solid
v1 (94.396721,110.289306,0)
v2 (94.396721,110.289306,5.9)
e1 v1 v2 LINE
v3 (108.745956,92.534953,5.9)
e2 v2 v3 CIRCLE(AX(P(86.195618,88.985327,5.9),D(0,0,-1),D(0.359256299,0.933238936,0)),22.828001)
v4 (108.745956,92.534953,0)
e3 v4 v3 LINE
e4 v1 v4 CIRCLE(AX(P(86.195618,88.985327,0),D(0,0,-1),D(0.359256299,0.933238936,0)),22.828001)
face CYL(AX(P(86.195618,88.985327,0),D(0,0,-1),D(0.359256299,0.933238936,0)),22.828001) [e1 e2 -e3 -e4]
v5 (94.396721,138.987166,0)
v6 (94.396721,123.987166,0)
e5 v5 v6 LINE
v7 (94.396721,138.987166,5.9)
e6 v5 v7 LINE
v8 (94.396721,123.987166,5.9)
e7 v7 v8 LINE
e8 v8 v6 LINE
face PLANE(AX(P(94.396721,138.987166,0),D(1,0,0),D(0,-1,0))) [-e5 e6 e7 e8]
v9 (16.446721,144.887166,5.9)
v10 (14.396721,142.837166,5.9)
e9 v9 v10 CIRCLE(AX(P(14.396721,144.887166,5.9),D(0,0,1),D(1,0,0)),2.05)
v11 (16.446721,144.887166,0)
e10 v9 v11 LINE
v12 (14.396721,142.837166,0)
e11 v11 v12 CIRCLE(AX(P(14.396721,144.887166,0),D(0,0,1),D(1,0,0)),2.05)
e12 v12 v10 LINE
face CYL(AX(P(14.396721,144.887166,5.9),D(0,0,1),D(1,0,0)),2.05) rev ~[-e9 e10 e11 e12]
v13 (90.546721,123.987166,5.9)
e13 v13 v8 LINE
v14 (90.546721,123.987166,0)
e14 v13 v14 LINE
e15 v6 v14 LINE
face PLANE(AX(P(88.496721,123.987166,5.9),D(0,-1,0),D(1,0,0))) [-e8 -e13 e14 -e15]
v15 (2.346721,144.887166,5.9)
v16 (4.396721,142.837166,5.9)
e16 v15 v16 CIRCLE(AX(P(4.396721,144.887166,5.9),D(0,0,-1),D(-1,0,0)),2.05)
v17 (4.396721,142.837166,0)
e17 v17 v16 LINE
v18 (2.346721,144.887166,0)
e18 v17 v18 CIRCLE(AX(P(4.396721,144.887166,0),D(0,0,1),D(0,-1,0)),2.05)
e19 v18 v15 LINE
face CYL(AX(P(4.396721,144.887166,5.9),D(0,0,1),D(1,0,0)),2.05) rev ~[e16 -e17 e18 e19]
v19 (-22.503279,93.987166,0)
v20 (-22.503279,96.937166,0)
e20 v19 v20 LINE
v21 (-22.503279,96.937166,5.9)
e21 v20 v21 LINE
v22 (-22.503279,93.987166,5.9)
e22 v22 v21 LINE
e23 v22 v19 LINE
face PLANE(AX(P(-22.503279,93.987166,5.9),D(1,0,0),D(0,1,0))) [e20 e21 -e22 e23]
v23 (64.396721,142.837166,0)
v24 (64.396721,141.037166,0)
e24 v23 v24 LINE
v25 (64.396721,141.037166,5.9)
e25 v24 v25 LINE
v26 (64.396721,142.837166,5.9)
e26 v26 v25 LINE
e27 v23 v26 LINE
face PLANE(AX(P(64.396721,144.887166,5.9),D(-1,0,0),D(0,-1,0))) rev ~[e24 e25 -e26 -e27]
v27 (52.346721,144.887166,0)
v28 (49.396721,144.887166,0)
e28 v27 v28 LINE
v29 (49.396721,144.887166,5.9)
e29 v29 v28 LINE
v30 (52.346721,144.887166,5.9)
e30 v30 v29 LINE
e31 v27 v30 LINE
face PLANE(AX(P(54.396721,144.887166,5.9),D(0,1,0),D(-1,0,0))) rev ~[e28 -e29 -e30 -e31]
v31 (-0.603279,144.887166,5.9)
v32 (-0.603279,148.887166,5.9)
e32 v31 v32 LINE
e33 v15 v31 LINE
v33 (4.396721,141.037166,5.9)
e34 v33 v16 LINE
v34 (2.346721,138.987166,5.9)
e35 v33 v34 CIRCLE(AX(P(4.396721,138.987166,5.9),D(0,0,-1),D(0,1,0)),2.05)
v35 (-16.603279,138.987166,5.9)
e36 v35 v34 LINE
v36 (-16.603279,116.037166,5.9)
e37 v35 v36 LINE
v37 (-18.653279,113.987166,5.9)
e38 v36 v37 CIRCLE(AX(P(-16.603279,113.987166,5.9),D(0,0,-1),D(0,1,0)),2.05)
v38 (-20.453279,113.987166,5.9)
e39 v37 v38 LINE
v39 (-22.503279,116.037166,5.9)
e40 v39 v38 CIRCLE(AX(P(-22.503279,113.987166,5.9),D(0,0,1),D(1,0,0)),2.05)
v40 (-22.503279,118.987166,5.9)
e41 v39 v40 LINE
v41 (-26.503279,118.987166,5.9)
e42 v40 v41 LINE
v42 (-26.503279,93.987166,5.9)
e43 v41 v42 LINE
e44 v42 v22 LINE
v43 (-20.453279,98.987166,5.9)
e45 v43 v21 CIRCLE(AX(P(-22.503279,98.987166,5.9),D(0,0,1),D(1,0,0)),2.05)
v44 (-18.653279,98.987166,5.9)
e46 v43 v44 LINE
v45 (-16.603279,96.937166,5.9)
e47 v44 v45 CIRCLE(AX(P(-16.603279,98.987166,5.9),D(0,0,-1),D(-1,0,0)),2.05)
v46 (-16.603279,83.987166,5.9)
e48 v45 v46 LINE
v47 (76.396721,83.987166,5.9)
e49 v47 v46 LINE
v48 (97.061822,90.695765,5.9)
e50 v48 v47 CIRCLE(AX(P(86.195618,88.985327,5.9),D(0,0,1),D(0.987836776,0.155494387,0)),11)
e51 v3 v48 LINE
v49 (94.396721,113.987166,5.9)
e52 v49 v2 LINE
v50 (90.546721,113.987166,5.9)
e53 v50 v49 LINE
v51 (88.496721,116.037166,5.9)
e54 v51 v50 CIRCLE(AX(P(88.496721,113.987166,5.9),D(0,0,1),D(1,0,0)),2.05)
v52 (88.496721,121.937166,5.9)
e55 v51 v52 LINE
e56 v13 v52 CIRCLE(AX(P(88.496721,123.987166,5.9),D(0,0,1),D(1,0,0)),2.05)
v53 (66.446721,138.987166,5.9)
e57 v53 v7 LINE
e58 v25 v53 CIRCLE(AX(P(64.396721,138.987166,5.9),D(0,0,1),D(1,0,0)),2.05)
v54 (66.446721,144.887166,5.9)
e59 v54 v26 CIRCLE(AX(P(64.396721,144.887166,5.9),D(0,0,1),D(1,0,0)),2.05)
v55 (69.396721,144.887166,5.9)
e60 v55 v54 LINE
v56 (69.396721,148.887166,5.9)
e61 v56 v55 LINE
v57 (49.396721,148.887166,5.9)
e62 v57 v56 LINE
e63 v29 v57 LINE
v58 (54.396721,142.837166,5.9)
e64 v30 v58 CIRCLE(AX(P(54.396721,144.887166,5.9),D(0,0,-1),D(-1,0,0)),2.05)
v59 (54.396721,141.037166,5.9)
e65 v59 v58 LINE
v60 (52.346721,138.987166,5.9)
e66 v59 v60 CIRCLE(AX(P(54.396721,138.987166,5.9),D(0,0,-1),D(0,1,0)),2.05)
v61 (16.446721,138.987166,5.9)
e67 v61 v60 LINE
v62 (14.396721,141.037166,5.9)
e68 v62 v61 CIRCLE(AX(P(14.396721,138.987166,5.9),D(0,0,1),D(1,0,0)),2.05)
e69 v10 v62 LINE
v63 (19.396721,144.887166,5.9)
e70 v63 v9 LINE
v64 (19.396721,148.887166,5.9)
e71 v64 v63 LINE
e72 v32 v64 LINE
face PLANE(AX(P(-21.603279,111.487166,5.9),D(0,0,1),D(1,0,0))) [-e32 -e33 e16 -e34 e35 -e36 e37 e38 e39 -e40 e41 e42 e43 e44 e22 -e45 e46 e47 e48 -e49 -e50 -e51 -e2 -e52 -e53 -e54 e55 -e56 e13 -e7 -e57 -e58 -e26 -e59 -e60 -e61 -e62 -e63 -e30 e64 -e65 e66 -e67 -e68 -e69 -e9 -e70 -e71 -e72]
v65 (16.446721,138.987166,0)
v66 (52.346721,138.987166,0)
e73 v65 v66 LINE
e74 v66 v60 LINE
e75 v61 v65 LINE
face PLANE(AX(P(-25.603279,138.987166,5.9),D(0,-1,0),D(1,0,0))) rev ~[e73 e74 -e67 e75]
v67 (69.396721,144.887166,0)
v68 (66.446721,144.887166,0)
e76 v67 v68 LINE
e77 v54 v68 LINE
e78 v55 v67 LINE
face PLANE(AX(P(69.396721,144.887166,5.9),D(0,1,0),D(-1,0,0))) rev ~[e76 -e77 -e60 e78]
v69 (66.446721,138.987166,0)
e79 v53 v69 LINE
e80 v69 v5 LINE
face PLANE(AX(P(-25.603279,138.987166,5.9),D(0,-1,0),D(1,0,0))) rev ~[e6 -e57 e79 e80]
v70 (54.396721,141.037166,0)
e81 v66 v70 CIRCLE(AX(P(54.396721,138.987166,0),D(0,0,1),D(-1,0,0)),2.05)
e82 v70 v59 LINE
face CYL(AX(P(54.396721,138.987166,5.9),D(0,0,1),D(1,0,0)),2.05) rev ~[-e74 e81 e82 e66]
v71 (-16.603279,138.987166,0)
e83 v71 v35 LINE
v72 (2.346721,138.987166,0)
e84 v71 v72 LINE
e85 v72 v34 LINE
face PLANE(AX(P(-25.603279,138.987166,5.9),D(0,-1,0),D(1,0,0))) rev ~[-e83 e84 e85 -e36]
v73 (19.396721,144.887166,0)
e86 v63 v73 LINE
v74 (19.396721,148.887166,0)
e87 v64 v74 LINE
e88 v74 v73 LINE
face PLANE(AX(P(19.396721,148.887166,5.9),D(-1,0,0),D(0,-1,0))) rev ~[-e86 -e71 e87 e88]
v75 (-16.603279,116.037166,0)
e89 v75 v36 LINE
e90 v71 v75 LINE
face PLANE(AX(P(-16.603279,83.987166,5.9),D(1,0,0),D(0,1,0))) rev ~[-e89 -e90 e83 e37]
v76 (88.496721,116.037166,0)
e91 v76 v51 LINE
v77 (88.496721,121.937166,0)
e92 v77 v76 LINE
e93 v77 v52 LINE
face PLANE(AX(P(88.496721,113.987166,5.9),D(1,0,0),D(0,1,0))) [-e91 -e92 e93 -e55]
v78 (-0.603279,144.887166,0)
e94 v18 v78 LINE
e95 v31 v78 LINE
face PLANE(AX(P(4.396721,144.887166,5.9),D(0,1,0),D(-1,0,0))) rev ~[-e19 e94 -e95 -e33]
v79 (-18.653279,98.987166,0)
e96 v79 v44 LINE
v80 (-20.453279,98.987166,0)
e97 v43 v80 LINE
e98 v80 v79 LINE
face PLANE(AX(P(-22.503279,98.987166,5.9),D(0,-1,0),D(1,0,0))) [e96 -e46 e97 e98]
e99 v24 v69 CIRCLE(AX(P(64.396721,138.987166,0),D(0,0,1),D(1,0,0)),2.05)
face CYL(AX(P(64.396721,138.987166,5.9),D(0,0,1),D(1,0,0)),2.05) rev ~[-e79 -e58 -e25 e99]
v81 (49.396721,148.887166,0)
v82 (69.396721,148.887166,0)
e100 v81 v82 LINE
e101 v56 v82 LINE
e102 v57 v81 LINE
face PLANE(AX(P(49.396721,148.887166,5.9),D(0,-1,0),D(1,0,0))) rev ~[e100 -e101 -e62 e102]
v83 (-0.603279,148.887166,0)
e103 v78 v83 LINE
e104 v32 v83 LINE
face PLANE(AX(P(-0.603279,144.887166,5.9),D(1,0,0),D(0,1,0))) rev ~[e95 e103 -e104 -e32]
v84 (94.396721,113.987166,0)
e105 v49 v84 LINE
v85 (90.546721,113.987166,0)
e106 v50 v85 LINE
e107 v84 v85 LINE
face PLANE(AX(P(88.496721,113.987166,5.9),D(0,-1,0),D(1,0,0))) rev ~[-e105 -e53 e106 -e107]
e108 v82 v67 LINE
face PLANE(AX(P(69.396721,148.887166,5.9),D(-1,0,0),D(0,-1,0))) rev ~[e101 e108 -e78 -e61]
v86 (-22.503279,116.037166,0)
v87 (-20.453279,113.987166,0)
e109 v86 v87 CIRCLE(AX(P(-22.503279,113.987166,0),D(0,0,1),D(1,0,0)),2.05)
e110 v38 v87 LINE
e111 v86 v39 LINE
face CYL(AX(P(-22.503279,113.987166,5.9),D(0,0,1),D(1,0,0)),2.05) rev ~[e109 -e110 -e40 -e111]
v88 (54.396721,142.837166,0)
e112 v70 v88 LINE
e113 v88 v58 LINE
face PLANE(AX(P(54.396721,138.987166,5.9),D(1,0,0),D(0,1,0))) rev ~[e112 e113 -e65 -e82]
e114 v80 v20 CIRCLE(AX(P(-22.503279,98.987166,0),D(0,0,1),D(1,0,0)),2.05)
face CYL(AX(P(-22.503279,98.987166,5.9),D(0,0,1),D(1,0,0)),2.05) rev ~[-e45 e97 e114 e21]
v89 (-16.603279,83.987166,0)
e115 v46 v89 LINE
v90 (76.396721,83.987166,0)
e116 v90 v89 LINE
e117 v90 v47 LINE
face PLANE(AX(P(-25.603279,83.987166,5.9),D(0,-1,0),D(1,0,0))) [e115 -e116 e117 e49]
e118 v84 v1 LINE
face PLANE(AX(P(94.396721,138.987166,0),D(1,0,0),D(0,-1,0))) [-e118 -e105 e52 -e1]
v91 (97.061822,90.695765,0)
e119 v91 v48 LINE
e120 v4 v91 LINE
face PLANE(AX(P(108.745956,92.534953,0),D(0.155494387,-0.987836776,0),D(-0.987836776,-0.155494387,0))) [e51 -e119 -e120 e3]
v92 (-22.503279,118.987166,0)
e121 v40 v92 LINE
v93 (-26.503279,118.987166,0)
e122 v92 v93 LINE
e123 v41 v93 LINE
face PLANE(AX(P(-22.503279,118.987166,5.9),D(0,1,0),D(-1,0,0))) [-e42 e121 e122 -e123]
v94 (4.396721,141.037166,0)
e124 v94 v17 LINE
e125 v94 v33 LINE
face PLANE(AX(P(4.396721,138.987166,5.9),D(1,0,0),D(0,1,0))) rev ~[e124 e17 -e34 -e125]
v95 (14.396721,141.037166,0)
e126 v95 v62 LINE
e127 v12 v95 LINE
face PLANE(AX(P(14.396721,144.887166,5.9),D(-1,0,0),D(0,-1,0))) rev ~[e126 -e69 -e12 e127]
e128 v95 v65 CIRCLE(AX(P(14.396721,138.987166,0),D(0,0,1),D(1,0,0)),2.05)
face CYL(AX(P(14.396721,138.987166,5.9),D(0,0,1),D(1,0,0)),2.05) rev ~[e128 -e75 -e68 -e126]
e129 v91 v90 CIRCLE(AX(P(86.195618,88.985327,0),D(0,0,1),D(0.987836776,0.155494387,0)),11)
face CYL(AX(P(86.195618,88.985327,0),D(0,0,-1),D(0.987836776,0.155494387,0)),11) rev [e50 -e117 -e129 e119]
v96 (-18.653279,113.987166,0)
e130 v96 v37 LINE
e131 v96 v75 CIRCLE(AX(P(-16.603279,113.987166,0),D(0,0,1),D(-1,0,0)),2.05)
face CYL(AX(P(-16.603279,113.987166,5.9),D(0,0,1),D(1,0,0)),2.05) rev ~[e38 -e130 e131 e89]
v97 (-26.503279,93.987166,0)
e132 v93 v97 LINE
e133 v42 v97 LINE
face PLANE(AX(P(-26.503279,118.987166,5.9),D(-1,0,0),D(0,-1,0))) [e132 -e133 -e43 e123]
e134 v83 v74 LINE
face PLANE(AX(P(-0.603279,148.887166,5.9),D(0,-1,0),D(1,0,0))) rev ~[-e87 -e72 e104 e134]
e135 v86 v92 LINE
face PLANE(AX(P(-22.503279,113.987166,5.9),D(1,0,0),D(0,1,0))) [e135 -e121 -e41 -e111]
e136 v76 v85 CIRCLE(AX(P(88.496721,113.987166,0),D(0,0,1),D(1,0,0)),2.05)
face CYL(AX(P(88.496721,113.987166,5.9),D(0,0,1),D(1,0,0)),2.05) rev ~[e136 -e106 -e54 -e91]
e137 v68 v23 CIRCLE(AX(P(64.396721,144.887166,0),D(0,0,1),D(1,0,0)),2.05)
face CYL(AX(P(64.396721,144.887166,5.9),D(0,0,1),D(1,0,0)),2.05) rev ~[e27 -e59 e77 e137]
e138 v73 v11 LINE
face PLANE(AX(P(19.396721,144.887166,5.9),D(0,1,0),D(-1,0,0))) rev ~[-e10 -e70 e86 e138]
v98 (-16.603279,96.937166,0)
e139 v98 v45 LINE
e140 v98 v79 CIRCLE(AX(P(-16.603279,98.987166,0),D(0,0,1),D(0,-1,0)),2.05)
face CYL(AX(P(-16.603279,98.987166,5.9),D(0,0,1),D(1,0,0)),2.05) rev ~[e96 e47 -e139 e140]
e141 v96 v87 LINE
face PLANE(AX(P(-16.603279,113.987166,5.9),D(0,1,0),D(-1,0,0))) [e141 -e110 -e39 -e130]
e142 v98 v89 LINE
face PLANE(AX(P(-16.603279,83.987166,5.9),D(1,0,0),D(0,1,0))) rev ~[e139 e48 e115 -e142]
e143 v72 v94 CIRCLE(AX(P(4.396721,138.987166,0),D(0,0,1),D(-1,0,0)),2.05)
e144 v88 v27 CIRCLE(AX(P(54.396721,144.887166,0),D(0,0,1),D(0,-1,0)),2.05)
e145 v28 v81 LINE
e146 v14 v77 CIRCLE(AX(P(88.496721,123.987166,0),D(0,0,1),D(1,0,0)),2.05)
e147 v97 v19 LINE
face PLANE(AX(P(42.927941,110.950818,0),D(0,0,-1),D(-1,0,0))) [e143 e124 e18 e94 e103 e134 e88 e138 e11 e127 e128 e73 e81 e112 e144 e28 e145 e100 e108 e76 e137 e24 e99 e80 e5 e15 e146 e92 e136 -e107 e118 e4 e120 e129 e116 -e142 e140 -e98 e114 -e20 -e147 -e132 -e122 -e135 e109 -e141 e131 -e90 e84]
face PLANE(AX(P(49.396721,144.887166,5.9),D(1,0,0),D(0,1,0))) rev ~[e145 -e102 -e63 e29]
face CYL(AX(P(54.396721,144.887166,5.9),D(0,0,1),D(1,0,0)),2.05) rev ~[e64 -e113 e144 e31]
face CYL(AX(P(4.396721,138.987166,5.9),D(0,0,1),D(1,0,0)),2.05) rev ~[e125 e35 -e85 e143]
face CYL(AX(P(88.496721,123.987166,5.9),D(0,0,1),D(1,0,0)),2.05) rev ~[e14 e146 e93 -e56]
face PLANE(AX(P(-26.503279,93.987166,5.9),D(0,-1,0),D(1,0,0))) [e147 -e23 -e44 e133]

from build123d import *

# Parameters (mm, degrees)
BOSS_EXTRUDE1_DEPTH = 5.9
SKETCH2_W           = 8
SKETCH2_H           = 55
BOSS_EXTRUDE2_DEPTH = 8
SKETCH3_W           = 5.9
SKETCH3_H           = 10
SKETCH3_W_2         = 9
SKETCH3_H_2         = 15
CUT_EXTRUDE1_DEPTH  = 9
BOSS_EXTRUDE3_DEPTH = 5.9
BOSS_EXTRUDE4_DEPTH = 8
SKETCH6_W           = 27.583097586
SKETCH6_H           = 68.456340366
CUT_EXTRUDE2_DEPTH  = 9
BOSS_EXTRUDE5_DEPTH = 5.9
CUT_EXTRUDE3_REACH  = 7.9
SKETCH8_R           = 2.05


with BuildPart() as part:
    # Sketch1 → Boss-Extrude1 (new body)
    with BuildSketch(Plane.XY):
        with BuildLine():
            ThreePointArc((97.061822228, 90.695765473), (82.799132124, 99.447826237), (76.396720763, 83.987165662))
            Line((76.396720763, 83.987165662), (-17.603279237, 83.987165662))
            Line((-17.603279237, 83.987165662), (-17.603279237, 138.987165662))
            Line((-17.603279237, 138.987165662), (94.396720763, 138.987165662))
            Line((94.396720763, 138.987165662), (94.396720763, 110.289306386))
            ThreePointArc((94.396720763, 110.289306386), (103.949970876, 103.334562845), (108.745956392, 92.534953205))
            Line((108.745956392, 92.534953205), (97.061822228, 90.695765473))
        make_face()
    extrude(amount=BOSS_EXTRUDE1_DEPTH)

    # Sketch2 → Boss-Extrude2 (add)
    with BuildSketch(Plane.XY.offset(5.9)):
        with Locations((-21.603279237, 111.487165662)):
            Rectangle(SKETCH2_W, SKETCH2_H)
    extrude(amount=-BOSS_EXTRUDE2_DEPTH)

    # Sketch3 → Cut-Extrude1 (cut, through all)
    with BuildSketch(Plane.XY.offset(5.9)):
        with Locations((91.446720763, 118.987165662)):
            Rectangle(SKETCH3_W, SKETCH3_H)
        with Locations((-21.103279237, 91.487165662)):
            Rectangle(SKETCH3_W_2, SKETCH3_H_2)
    extrude(amount=-CUT_EXTRUDE1_DEPTH, mode=Mode.SUBTRACT)

    # Sketch4 → Boss-Extrude3 (add)
    with BuildSketch(Plane.XY.offset(5.9)):
        Polygon((4.396720763, 138.987165662), (4.396720763, 144.887165662), (-0.603279237, 144.887165662), (-0.603279237, 148.887165662), (19.396720763, 148.887165662), (19.396720763, 144.887165662), (14.396720763, 144.887165662), (14.396720763, 138.987165662), align=None)
        Polygon((49.396720763, 144.887165662), (49.396720763, 148.887165662), (69.396720763, 148.887165662), (69.396720763, 144.887165662), (64.396720763, 144.887165662), (64.396720763, 138.987165662), (54.396720763, 138.987165662), (54.396720763, 144.887165662), align=None)
    extrude(amount=-BOSS_EXTRUDE3_DEPTH)

    # Sketch5 → Boss-Extrude4 (add, through all)
    with BuildSketch(Plane.XY.offset(5.9)):
        Polygon((-25.603279237, 123.987165662), (-33.603279237, 123.987165662), (-33.603279237, 128.987165662), (-37.603279237, 128.987165662), (-37.603279237, 103.987165662), (-33.603279237, 103.987165662), (-33.603279237, 108.987165662), (-25.603279237, 108.987165662), align=None)
    extrude(amount=-BOSS_EXTRUDE4_DEPTH)

    # Sketch6 → Cut-Extrude2 (cut, through all)
    with BuildSketch(Plane.XY.offset(5.9)):
        with Locations((-30.39482803, 118.215335845)):
            Rectangle(SKETCH6_W, SKETCH6_H)
    extrude(amount=-CUT_EXTRUDE2_DEPTH, mode=Mode.SUBTRACT)

    # Sketch7 → Boss-Extrude5 (add)
    with BuildSketch(Plane.XY.offset(5.9)):
        Polygon((-16.603279237, 113.987165662), (-22.503279237, 113.987165662), (-22.503279237, 118.987165662), (-26.503279237, 118.987165662), (-26.503279237, 93.987165662), (-22.503279237, 93.987165662), (-22.503279237, 98.987165662), (-16.603279237, 98.987165662), align=None)
    extrude(amount=-BOSS_EXTRUDE5_DEPTH)

    # Sketch8 → Cut-Extrude3 (cut, up to next)
    with BuildSketch(Plane.XY.offset(5.9), mode=Mode.PRIVATE) as cut_extrude3_sk1:
        with Locations((-16.603279237, 98.987165662)):
            Circle(SKETCH8_R)
    cut_extrude3_tool1 = extrude(cut_extrude3_sk1.sketch, amount=-CUT_EXTRUDE3_REACH, mode=Mode.PRIVATE) & part.part
    add(cut_extrude3_tool1.solids().sort_by_distance((-16.603279, 98.987166, 5.9))[0], mode=Mode.SUBTRACT)
    # Sketch8 → Cut-Extrude3 (cut, up to next)
    with BuildSketch(Plane.XY.offset(5.9), mode=Mode.PRIVATE) as cut_extrude3_sk2:
        with Locations((-22.503279237, 98.987165662)):
            Circle(SKETCH8_R)
    cut_extrude3_tool2 = extrude(cut_extrude3_sk2.sketch, amount=-CUT_EXTRUDE3_REACH, mode=Mode.PRIVATE) & part.part
    add(cut_extrude3_tool2.solids().sort_by_distance((-22.503279, 98.987166, 5.9))[0], mode=Mode.SUBTRACT)
    # Sketch8 → Cut-Extrude3 (cut, up to next)
    with BuildSketch(Plane.XY.offset(5.9), mode=Mode.PRIVATE) as cut_extrude3_sk3:
        with Locations((-22.503279237, 113.987165662)):
            Circle(SKETCH8_R)
    cut_extrude3_tool3 = extrude(cut_extrude3_sk3.sketch, amount=-CUT_EXTRUDE3_REACH, mode=Mode.PRIVATE) & part.part
    add(cut_extrude3_tool3.solids().sort_by_distance((-22.503279, 113.987166, 5.9))[0], mode=Mode.SUBTRACT)
    # Sketch8 → Cut-Extrude3 (cut, up to next)
    with BuildSketch(Plane.XY.offset(5.9), mode=Mode.PRIVATE) as cut_extrude3_sk4:
        with Locations((-16.603279237, 113.987165662)):
            Circle(SKETCH8_R)
    cut_extrude3_tool4 = extrude(cut_extrude3_sk4.sketch, amount=-CUT_EXTRUDE3_REACH, mode=Mode.PRIVATE) & part.part
    add(cut_extrude3_tool4.solids().sort_by_distance((-16.603279, 113.987166, 5.9))[0], mode=Mode.SUBTRACT)
    # Sketch8 → Cut-Extrude3 (cut, up to next)
    with BuildSketch(Plane.XY.offset(5.9), mode=Mode.PRIVATE) as cut_extrude3_sk5:
        with Locations((4.396720763, 138.987165662)):
            Circle(SKETCH8_R)
    cut_extrude3_tool5 = extrude(cut_extrude3_sk5.sketch, amount=-CUT_EXTRUDE3_REACH, mode=Mode.PRIVATE) & part.part
    add(cut_extrude3_tool5.solids().sort_by_distance((4.396721, 138.987166, 5.9))[0], mode=Mode.SUBTRACT)
    # Sketch8 → Cut-Extrude3 (cut, up to next)
    with BuildSketch(Plane.XY.offset(5.9), mode=Mode.PRIVATE) as cut_extrude3_sk6:
        with Locations((14.396720763, 138.987165662)):
            Circle(SKETCH8_R)
    cut_extrude3_tool6 = extrude(cut_extrude3_sk6.sketch, amount=-CUT_EXTRUDE3_REACH, mode=Mode.PRIVATE) & part.part
    add(cut_extrude3_tool6.solids().sort_by_distance((14.396721, 138.987166, 5.9))[0], mode=Mode.SUBTRACT)
    # Sketch8 → Cut-Extrude3 (cut, up to next)
    with BuildSketch(Plane.XY.offset(5.9), mode=Mode.PRIVATE) as cut_extrude3_sk7:
        with Locations((14.396720763, 144.887165662)):
            Circle(SKETCH8_R)
    cut_extrude3_tool7 = extrude(cut_extrude3_sk7.sketch, amount=-CUT_EXTRUDE3_REACH, mode=Mode.PRIVATE) & part.part
    add(cut_extrude3_tool7.solids().sort_by_distance((14.396721, 144.887166, 5.9))[0], mode=Mode.SUBTRACT)
    # Sketch8 → Cut-Extrude3 (cut, up to next)
    with BuildSketch(Plane.XY.offset(5.9), mode=Mode.PRIVATE) as cut_extrude3_sk8:
        with Locations((4.396720763, 144.887165662)):
            Circle(SKETCH8_R)
    cut_extrude3_tool8 = extrude(cut_extrude3_sk8.sketch, amount=-CUT_EXTRUDE3_REACH, mode=Mode.PRIVATE) & part.part
    add(cut_extrude3_tool8.solids().sort_by_distance((4.396721, 144.887166, 5.9))[0], mode=Mode.SUBTRACT)
    # Sketch8 → Cut-Extrude3 (cut, up to next)
    with BuildSketch(Plane.XY.offset(5.9), mode=Mode.PRIVATE) as cut_extrude3_sk9:
        with Locations((54.396720763, 144.887165662)):
            Circle(SKETCH8_R)
    cut_extrude3_tool9 = extrude(cut_extrude3_sk9.sketch, amount=-CUT_EXTRUDE3_REACH, mode=Mode.PRIVATE) & part.part
    add(cut_extrude3_tool9.solids().sort_by_distance((54.396721, 144.887166, 5.9))[0], mode=Mode.SUBTRACT)
    # Sketch8 → Cut-Extrude3 (cut, up to next)
    with BuildSketch(Plane.XY.offset(5.9), mode=Mode.PRIVATE) as cut_extrude3_sk10:
        with Locations((54.396720763, 138.987165662)):
            Circle(SKETCH8_R)
    cut_extrude3_tool10 = extrude(cut_extrude3_sk10.sketch, amount=-CUT_EXTRUDE3_REACH, mode=Mode.PRIVATE) & part.part
    add(cut_extrude3_tool10.solids().sort_by_distance((54.396721, 138.987166, 5.9))[0], mode=Mode.SUBTRACT)
    # Sketch8 → Cut-Extrude3 (cut, up to next)
    with BuildSketch(Plane.XY.offset(5.9), mode=Mode.PRIVATE) as cut_extrude3_sk11:
        with Locations((64.396720763, 138.987165662)):
            Circle(SKETCH8_R)
    cut_extrude3_tool11 = extrude(cut_extrude3_sk11.sketch, amount=-CUT_EXTRUDE3_REACH, mode=Mode.PRIVATE) & part.part
    add(cut_extrude3_tool11.solids().sort_by_distance((64.396721, 138.987166, 5.9))[0], mode=Mode.SUBTRACT)
    # Sketch8 → Cut-Extrude3 (cut, up to next)
    with BuildSketch(Plane.XY.offset(5.9), mode=Mode.PRIVATE) as cut_extrude3_sk12:
        with Locations((64.396720763, 144.887165662)):
            Circle(SKETCH8_R)
    cut_extrude3_tool12 = extrude(cut_extrude3_sk12.sketch, amount=-CUT_EXTRUDE3_REACH, mode=Mode.PRIVATE) & part.part
    add(cut_extrude3_tool12.solids().sort_by_distance((64.396721, 144.887166, 5.9))[0], mode=Mode.SUBTRACT)
    # Sketch8 → Cut-Extrude3 (cut, up to next)
    with BuildSketch(Plane.XY.offset(5.9), mode=Mode.PRIVATE) as cut_extrude3_sk13:
        with Locations((88.496720763, 123.987165662)):
            Circle(SKETCH8_R)
    cut_extrude3_tool13 = extrude(cut_extrude3_sk13.sketch, amount=-CUT_EXTRUDE3_REACH, mode=Mode.PRIVATE) & part.part
    add(cut_extrude3_tool13.solids().sort_by_distance((88.496721, 123.987166, 5.9))[0], mode=Mode.SUBTRACT)
    # Sketch8 → Cut-Extrude3 (cut, up to next)
    with BuildSketch(Plane.XY.offset(5.9), mode=Mode.PRIVATE) as cut_extrude3_sk14:
        with Locations((88.496720763, 113.987165662)):
            Circle(SKETCH8_R)
    cut_extrude3_tool14 = extrude(cut_extrude3_sk14.sketch, amount=-CUT_EXTRUDE3_REACH, mode=Mode.PRIVATE) & part.part
    add(cut_extrude3_tool14.solids().sort_by_distance((88.496721, 113.987166, 5.9))[0], mode=Mode.SUBTRACT)


solid = part.part
